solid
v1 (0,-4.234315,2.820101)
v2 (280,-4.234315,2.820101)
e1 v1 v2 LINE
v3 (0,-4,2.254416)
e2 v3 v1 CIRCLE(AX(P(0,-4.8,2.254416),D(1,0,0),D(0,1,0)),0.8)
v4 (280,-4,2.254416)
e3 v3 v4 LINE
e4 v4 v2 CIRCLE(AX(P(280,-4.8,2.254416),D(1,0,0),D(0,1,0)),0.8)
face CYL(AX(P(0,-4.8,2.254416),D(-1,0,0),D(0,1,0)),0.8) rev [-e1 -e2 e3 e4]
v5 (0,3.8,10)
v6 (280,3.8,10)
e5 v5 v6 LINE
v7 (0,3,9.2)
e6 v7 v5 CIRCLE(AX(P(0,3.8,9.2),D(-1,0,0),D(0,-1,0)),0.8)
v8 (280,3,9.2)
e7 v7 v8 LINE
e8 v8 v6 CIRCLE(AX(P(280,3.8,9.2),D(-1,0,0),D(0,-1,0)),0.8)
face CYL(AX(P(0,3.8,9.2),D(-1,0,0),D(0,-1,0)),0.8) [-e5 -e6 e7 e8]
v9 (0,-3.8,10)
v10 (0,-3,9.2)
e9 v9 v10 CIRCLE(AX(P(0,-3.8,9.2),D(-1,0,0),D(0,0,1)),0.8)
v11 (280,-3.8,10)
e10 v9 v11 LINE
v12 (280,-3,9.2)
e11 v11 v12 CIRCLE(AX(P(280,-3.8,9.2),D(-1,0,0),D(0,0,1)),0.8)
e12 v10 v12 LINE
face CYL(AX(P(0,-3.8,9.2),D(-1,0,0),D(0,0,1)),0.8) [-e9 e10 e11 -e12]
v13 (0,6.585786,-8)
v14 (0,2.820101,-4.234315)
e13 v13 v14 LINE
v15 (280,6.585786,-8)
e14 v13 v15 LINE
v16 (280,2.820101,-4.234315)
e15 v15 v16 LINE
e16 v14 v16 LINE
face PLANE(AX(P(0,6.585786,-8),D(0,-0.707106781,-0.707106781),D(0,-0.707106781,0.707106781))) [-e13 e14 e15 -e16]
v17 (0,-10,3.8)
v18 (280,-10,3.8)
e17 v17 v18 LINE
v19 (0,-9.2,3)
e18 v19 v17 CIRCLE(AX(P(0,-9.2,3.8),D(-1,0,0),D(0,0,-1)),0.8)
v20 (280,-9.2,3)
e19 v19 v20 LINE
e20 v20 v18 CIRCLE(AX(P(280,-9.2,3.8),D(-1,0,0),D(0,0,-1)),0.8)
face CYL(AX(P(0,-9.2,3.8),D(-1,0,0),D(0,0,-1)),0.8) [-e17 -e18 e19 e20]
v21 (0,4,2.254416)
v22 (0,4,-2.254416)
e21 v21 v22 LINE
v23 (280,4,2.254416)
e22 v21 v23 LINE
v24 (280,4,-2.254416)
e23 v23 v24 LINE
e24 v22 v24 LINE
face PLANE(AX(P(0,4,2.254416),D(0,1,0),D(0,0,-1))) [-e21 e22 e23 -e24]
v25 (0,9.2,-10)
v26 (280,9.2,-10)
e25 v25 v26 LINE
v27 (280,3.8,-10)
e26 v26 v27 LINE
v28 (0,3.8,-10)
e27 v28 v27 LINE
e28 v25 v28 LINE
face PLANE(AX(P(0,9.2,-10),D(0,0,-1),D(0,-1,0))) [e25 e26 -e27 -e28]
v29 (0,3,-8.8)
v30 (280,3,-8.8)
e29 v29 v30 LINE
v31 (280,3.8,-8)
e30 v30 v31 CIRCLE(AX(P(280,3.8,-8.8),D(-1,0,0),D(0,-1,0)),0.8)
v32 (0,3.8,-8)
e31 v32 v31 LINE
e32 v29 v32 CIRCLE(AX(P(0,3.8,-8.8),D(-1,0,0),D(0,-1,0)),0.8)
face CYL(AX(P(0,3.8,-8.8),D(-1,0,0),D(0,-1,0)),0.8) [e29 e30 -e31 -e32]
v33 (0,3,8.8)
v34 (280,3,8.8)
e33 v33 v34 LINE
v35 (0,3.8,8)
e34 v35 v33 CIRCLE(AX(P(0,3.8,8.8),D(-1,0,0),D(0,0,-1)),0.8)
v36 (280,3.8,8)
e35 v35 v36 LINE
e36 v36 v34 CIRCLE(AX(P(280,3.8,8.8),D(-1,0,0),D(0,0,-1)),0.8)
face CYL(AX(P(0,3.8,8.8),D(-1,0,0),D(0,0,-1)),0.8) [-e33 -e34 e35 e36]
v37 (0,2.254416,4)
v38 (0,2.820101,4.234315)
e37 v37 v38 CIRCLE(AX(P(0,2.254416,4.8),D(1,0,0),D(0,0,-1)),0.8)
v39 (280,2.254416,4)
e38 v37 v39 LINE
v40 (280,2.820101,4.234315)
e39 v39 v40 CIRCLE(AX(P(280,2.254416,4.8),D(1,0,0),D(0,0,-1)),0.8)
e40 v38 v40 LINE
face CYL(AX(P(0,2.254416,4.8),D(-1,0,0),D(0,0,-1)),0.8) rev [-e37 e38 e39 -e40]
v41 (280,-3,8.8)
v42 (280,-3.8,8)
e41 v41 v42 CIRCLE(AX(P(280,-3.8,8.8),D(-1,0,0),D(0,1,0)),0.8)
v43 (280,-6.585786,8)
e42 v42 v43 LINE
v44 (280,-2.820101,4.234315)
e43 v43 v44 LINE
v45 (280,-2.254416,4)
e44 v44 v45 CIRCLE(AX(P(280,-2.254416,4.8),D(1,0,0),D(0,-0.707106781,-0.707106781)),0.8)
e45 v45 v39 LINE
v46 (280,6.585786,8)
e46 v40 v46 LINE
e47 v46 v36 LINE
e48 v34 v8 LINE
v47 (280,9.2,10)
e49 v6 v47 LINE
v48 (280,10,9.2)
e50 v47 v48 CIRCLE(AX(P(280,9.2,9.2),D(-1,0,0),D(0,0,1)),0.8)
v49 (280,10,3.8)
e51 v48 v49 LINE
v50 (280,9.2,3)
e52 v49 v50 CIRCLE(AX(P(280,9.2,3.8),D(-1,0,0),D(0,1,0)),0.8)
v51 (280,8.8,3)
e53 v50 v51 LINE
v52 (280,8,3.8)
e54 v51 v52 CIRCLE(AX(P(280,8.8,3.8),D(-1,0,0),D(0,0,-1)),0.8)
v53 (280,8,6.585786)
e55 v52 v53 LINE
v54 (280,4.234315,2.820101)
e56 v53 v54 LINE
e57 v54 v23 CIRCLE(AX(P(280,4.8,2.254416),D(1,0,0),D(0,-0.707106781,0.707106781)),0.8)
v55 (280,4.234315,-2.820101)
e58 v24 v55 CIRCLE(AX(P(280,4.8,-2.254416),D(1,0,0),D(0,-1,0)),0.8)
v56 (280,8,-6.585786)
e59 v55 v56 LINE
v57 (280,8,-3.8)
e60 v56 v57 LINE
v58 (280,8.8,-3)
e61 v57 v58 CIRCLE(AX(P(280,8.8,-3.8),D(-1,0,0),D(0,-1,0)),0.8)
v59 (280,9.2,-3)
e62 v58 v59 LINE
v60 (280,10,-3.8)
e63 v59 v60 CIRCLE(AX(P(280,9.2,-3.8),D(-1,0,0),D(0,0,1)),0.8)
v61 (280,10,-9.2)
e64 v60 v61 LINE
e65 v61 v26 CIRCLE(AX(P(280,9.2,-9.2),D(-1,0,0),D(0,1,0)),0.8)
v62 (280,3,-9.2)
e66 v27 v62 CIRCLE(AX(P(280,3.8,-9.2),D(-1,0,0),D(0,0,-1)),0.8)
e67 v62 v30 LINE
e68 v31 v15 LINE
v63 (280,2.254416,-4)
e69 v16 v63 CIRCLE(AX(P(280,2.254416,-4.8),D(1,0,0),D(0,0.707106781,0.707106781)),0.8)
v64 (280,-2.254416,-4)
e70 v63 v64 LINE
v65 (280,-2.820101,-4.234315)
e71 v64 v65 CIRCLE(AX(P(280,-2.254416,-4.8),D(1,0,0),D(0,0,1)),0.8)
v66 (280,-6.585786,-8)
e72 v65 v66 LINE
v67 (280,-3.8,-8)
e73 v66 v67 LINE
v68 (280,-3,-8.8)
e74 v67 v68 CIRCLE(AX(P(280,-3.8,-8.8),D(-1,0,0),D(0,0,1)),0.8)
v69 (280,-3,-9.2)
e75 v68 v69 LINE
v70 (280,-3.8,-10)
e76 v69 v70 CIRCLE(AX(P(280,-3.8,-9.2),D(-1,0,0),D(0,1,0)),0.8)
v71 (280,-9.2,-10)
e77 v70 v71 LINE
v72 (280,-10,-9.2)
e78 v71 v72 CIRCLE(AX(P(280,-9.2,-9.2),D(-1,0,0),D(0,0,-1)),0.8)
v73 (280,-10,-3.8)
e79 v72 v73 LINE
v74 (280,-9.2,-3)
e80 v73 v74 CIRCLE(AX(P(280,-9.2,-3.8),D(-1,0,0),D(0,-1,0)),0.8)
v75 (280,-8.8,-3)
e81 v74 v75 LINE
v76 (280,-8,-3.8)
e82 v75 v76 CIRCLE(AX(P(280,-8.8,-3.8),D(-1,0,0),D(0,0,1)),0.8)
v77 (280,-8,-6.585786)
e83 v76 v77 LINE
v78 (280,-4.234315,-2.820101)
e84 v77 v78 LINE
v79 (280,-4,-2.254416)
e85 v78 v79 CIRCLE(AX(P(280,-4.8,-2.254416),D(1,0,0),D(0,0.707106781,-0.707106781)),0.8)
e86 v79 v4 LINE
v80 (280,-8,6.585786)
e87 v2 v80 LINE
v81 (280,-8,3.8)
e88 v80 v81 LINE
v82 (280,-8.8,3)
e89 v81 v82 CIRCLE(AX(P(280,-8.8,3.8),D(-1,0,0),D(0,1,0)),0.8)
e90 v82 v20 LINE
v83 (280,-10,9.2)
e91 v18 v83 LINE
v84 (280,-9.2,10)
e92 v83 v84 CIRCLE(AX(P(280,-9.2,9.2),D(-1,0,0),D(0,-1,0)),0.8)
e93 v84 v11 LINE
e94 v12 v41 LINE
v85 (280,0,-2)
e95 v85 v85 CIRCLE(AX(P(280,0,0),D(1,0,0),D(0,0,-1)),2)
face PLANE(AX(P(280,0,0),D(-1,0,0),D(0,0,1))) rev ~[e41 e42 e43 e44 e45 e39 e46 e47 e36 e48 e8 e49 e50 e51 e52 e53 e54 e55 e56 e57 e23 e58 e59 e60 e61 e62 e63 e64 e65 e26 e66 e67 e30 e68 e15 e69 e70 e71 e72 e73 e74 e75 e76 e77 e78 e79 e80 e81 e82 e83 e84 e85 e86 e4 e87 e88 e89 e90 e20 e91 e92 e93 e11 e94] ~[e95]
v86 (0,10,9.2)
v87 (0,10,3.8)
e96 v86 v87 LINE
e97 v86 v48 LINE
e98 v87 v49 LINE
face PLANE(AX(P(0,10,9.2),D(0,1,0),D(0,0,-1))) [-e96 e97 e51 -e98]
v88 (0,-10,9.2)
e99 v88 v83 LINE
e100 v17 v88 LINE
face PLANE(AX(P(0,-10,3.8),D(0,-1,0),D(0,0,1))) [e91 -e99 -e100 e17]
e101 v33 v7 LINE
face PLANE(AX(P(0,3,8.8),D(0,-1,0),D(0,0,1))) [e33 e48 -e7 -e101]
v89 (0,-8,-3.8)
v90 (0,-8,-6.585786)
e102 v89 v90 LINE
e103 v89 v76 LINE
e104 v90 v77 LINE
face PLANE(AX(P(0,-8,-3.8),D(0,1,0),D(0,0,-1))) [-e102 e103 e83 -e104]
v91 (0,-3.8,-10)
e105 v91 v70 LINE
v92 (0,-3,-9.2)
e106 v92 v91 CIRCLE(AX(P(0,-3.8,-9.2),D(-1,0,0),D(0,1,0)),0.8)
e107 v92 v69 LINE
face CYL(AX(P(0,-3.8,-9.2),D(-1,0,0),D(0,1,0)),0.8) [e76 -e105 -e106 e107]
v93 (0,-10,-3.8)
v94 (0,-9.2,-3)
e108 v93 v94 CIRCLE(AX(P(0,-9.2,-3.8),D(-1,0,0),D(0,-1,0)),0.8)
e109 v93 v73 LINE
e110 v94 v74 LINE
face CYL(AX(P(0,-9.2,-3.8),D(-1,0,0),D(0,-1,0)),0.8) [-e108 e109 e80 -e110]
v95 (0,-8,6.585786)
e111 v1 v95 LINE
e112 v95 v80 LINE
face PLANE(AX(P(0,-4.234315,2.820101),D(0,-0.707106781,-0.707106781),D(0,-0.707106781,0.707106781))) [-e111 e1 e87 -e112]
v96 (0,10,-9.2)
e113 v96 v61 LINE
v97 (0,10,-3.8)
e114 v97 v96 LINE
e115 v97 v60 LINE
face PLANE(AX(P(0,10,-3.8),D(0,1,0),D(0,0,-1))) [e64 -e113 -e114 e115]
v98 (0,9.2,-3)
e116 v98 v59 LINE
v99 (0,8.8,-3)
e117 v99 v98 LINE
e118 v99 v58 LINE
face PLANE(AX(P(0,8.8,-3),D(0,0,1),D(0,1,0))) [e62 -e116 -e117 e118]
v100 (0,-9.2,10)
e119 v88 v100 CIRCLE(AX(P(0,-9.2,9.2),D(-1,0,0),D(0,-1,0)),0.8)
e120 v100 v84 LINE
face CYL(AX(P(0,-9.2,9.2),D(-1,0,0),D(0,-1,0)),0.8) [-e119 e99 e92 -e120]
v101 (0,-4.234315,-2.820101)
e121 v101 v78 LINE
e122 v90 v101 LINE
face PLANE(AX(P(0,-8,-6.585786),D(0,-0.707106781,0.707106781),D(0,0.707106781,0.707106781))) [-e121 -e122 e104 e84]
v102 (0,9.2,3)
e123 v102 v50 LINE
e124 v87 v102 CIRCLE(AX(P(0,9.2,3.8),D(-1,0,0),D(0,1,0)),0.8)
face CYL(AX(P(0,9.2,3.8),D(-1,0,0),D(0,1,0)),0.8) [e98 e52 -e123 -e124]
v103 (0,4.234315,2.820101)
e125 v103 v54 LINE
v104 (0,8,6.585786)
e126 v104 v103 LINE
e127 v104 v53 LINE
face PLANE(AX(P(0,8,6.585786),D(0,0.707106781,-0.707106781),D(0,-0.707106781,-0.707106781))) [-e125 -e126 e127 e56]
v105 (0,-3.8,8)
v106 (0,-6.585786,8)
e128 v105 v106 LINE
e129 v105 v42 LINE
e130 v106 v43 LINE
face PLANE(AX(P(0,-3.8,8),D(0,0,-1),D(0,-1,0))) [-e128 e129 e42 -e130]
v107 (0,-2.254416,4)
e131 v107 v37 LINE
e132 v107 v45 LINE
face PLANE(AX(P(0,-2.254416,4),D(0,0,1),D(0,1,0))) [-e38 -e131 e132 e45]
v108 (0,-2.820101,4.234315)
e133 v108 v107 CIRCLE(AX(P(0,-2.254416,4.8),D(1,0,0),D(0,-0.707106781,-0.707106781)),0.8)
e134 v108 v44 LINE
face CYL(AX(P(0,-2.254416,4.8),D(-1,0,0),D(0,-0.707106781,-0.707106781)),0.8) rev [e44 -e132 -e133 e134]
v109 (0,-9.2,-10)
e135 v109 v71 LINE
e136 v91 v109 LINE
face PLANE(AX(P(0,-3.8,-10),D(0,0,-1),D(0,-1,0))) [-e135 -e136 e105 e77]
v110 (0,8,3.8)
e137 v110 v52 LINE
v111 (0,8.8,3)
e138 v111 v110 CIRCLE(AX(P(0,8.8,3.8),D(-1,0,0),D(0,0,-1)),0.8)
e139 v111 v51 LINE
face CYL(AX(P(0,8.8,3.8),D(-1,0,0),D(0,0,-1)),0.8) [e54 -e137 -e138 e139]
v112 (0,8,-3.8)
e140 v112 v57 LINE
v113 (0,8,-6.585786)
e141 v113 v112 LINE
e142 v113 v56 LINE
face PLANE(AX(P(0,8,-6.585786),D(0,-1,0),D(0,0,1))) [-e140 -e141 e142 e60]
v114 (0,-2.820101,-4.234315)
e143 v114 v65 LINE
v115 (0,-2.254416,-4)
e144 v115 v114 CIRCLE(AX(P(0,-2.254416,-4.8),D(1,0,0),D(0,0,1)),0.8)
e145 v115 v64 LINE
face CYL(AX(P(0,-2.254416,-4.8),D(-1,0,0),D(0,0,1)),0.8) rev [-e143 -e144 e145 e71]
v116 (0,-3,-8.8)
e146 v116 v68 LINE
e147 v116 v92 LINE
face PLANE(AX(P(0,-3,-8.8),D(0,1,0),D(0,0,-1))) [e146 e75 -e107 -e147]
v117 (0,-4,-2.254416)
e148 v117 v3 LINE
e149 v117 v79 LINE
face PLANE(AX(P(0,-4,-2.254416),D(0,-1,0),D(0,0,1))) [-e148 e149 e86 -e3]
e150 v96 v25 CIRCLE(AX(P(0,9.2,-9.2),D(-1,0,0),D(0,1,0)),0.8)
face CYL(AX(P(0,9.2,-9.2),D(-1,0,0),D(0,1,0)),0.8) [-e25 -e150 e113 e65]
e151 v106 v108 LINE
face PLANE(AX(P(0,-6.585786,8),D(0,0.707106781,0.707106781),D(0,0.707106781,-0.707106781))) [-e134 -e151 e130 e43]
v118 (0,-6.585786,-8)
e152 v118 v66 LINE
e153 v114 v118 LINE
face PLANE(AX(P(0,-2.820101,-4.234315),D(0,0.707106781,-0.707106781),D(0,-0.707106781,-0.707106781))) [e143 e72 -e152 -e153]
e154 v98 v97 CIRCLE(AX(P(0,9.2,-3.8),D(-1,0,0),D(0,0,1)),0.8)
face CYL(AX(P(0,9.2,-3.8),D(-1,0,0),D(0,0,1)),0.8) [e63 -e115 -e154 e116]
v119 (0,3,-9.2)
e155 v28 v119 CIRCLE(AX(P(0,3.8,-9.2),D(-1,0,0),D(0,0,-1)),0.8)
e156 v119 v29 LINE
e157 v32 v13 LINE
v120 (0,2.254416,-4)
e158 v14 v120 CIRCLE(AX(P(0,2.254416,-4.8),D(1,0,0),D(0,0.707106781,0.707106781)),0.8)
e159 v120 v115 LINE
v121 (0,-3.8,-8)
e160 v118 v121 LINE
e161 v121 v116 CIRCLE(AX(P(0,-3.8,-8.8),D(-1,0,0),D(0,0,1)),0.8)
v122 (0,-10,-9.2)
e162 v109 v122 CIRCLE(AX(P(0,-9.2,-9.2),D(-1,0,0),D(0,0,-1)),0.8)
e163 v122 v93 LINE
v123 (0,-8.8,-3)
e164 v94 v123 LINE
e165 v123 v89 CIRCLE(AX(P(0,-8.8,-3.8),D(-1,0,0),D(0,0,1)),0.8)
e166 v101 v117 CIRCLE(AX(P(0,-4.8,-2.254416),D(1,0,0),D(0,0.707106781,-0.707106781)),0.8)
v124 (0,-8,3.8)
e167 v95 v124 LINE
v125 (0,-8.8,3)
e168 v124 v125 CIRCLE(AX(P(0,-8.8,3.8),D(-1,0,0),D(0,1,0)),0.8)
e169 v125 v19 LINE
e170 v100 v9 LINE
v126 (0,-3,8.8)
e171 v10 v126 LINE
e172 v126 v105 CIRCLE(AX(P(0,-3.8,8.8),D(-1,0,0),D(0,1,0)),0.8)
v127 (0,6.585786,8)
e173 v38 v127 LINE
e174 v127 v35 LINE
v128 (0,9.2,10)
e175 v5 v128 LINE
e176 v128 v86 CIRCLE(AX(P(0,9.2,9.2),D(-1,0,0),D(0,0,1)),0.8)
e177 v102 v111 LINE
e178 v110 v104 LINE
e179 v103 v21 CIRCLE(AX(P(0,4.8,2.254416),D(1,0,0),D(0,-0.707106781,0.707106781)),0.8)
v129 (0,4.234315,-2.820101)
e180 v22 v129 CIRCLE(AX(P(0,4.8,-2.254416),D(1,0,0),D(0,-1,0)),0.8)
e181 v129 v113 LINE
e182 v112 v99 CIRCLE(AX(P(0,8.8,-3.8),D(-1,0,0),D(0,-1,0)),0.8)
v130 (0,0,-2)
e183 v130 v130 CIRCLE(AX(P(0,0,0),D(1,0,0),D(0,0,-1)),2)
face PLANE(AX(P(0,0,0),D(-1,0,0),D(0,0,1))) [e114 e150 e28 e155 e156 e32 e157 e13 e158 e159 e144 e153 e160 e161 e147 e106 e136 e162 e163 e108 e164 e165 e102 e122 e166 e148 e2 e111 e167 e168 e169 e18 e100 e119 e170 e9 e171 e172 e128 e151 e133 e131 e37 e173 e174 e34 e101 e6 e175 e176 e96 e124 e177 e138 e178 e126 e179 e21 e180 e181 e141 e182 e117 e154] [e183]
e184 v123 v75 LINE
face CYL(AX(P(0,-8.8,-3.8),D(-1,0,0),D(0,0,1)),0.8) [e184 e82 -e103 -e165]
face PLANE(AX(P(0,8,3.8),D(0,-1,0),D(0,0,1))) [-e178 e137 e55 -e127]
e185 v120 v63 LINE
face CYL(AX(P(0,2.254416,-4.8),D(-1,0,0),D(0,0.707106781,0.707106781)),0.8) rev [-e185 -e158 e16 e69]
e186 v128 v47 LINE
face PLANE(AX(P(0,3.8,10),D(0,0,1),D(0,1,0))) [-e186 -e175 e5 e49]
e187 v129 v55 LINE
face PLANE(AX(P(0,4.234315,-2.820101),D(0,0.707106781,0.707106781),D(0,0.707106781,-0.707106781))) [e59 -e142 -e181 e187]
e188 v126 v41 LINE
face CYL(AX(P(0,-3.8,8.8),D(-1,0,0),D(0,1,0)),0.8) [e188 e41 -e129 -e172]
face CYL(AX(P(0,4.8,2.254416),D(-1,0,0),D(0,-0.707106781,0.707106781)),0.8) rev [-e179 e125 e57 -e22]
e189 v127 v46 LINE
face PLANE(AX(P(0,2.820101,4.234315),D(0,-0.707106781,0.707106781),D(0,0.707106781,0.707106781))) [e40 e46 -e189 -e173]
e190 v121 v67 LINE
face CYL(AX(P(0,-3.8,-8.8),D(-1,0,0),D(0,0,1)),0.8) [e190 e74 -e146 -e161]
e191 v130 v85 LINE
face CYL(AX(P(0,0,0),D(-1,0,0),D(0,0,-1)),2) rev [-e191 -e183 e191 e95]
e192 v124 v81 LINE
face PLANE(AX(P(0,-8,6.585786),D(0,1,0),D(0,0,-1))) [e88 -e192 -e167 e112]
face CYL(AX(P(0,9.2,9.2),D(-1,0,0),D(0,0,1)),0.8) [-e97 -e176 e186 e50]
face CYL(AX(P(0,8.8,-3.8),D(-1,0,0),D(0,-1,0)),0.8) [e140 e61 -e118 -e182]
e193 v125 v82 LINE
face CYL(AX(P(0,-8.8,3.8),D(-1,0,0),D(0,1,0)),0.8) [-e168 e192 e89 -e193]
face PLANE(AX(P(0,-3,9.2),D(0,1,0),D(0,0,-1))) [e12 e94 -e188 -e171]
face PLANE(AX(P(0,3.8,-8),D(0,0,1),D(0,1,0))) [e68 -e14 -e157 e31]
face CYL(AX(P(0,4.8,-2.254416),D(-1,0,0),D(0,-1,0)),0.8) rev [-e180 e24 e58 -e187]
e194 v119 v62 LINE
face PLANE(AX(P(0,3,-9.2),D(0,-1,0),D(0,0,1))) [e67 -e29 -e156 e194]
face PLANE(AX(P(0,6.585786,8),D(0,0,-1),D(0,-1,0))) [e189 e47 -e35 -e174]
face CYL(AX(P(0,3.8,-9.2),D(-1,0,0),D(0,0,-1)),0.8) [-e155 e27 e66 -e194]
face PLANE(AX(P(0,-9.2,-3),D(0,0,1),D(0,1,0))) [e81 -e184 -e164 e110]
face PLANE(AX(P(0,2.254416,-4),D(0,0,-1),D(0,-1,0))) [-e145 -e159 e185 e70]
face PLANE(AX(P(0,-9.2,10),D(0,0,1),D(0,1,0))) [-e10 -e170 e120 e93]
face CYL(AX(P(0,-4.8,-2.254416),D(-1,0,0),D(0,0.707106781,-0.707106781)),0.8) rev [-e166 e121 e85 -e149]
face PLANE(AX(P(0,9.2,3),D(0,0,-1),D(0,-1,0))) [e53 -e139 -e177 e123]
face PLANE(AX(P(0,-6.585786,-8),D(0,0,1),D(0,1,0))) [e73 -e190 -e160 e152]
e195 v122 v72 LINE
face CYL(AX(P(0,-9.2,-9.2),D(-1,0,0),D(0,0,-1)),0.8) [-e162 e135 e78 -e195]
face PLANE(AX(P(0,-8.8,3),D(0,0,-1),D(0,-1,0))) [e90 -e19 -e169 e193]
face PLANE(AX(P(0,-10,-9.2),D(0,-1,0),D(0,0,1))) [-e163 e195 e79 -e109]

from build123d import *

# Parameters (mm, degrees)
SKETCH11_R       = 2
SIZE_4X4_1_DEPTH = 280


with BuildPart() as part:
    # Sketch11 → Size 4X4 (1) (new body)
    with BuildSketch(Plane(origin=(0, 0, 0), x_dir=(0, 0, -1), z_dir=(1, 0, 0))):
        with BuildLine():
            Line((-3, 9.2), (-3, 8.8))
            ThreePointArc((-3, 8.8), (-3.234314575, 8.234314575), (-3.8, 8))
            Line((-3.8, 8), (-6.585786438, 8))
            Line((-6.585786438, 8), (-2.820101013, 4.234314575))
            ThreePointArc((-2.820101013, 4.234314575), (-2.560562334, 4.060896374), (-2.254415588, 4))
            Line((-2.254415588, 4), (2.254415588, 4))
            ThreePointArc((2.254415588, 4), (2.560562334, 4.060896374), (2.820101013, 4.234314575))
            Line((2.820101013, 4.234314575), (6.585786438, 8))
            Line((6.585786438, 8), (3.8, 8))
            ThreePointArc((3.8, 8), (3.234314575, 8.234314575), (3, 8.8))
            Line((3, 8.8), (3, 9.2))
            ThreePointArc((3, 9.2), (3.234314575, 9.765685425), (3.8, 10))
            Line((3.8, 10), (9.2, 10))
            ThreePointArc((9.2, 10), (9.765685425, 9.765685425), (10, 9.2))
            Line((10, 9.2), (10, 3.8))
            ThreePointArc((10, 3.8), (9.765685425, 3.234314575), (9.2, 3))
            Line((9.2, 3), (8.8, 3))
            ThreePointArc((8.8, 3), (8.234314575, 3.234314575), (8, 3.8))
            Line((8, 3.8), (8, 6.585786438))
            Line((8, 6.585786438), (4.234314575, 2.820101013))
            ThreePointArc((4.234314575, 2.820101013), (4.060896374, 2.560562334), (4, 2.254415588))
            Line((4, 2.254415588), (4, -2.254415588))
            ThreePointArc((4, -2.254415588), (4.060896374, -2.560562334), (4.234314575, -2.820101013))
            Line((4.234314575, -2.820101013), (8, -6.585786438))
            Line((8, -6.585786438), (8, -3.8))
            ThreePointArc((8, -3.8), (8.234314575, -3.234314575), (8.8, -3))
            Line((8.8, -3), (9.2, -3))
            ThreePointArc((9.2, -3), (9.765685425, -3.234314575), (10, -3.8))
            Line((10, -3.8), (10, -9.2))
            ThreePointArc((10, -9.2), (9.765685425, -9.765685425), (9.2, -10))
            Line((9.2, -10), (3.8, -10))
            ThreePointArc((3.8, -10), (3.234314575, -9.765685425), (3, -9.2))
            Line((3, -9.2), (3, -8.8))
            ThreePointArc((3, -8.8), (3.234314575, -8.234314575), (3.8, -8))
            Line((3.8, -8), (6.585786438, -8))
            Line((6.585786438, -8), (2.820101013, -4.234314575))
            ThreePointArc((2.820101013, -4.234314575), (2.560562334, -4.060896374), (2.254415588, -4))
            Line((2.254415588, -4), (-2.254415588, -4))
            ThreePointArc((-2.254415588, -4), (-2.560562334, -4.060896374), (-2.820101013, -4.234314575))
            Line((-2.820101013, -4.234314575), (-6.585786438, -8))
            Line((-6.585786438, -8), (-3.8, -8))
            ThreePointArc((-3.8, -8), (-3.234314575, -8.234314575), (-3, -8.8))
            Line((-3, -8.8), (-3, -9.2))
            ThreePointArc((-3, -9.2), (-3.234314575, -9.765685425), (-3.8, -10))
            Line((-3.8, -10), (-9.2, -10))
            ThreePointArc((-9.2, -10), (-9.765685425, -9.765685425), (-10, -9.2))
            Line((-10, -9.2), (-10, -3.8))
            ThreePointArc((-10, -3.8), (-9.765685425, -3.234314575), (-9.2, -3))
            Line((-9.2, -3), (-8.8, -3))
            ThreePointArc((-8.8, -3), (-8.234314575, -3.234314575), (-8, -3.8))
            Line((-8, -3.8), (-8, -6.585786438))
            Line((-8, -6.585786438), (-4.234314575, -2.820101013))
            ThreePointArc((-4.234314575, -2.820101013), (-4.060896374, -2.560562334), (-4, -2.254415588))
            Line((-4, -2.254415588), (-4, 2.254415588))
            ThreePointArc((-4, 2.254415588), (-4.060896374, 2.560562334), (-4.234314575, 2.820101013))
            Line((-4.234314575, 2.820101013), (-8, 6.585786438))
            Line((-8, 6.585786438), (-8, 3.8))
            ThreePointArc((-8, 3.8), (-8.234314575, 3.234314575), (-8.8, 3))
            Line((-8.8, 3), (-9.2, 3))
            ThreePointArc((-9.2, 3), (-9.765685425, 3.234314575), (-10, 3.8))
            Line((-10, 3.8), (-10, 9.2))
            ThreePointArc((-10, 9.2), (-9.765685425, 9.765685425), (-9.2, 10))
            Line((-9.2, 10), (-3.8, 10))
            ThreePointArc((-3.8, 10), (-3.234314575, 9.765685425), (-3, 9.2))
        make_face()
        Circle(SKETCH11_R, mode=Mode.SUBTRACT)
    extrude(amount=SIZE_4X4_1_DEPTH)


solid = part.part
